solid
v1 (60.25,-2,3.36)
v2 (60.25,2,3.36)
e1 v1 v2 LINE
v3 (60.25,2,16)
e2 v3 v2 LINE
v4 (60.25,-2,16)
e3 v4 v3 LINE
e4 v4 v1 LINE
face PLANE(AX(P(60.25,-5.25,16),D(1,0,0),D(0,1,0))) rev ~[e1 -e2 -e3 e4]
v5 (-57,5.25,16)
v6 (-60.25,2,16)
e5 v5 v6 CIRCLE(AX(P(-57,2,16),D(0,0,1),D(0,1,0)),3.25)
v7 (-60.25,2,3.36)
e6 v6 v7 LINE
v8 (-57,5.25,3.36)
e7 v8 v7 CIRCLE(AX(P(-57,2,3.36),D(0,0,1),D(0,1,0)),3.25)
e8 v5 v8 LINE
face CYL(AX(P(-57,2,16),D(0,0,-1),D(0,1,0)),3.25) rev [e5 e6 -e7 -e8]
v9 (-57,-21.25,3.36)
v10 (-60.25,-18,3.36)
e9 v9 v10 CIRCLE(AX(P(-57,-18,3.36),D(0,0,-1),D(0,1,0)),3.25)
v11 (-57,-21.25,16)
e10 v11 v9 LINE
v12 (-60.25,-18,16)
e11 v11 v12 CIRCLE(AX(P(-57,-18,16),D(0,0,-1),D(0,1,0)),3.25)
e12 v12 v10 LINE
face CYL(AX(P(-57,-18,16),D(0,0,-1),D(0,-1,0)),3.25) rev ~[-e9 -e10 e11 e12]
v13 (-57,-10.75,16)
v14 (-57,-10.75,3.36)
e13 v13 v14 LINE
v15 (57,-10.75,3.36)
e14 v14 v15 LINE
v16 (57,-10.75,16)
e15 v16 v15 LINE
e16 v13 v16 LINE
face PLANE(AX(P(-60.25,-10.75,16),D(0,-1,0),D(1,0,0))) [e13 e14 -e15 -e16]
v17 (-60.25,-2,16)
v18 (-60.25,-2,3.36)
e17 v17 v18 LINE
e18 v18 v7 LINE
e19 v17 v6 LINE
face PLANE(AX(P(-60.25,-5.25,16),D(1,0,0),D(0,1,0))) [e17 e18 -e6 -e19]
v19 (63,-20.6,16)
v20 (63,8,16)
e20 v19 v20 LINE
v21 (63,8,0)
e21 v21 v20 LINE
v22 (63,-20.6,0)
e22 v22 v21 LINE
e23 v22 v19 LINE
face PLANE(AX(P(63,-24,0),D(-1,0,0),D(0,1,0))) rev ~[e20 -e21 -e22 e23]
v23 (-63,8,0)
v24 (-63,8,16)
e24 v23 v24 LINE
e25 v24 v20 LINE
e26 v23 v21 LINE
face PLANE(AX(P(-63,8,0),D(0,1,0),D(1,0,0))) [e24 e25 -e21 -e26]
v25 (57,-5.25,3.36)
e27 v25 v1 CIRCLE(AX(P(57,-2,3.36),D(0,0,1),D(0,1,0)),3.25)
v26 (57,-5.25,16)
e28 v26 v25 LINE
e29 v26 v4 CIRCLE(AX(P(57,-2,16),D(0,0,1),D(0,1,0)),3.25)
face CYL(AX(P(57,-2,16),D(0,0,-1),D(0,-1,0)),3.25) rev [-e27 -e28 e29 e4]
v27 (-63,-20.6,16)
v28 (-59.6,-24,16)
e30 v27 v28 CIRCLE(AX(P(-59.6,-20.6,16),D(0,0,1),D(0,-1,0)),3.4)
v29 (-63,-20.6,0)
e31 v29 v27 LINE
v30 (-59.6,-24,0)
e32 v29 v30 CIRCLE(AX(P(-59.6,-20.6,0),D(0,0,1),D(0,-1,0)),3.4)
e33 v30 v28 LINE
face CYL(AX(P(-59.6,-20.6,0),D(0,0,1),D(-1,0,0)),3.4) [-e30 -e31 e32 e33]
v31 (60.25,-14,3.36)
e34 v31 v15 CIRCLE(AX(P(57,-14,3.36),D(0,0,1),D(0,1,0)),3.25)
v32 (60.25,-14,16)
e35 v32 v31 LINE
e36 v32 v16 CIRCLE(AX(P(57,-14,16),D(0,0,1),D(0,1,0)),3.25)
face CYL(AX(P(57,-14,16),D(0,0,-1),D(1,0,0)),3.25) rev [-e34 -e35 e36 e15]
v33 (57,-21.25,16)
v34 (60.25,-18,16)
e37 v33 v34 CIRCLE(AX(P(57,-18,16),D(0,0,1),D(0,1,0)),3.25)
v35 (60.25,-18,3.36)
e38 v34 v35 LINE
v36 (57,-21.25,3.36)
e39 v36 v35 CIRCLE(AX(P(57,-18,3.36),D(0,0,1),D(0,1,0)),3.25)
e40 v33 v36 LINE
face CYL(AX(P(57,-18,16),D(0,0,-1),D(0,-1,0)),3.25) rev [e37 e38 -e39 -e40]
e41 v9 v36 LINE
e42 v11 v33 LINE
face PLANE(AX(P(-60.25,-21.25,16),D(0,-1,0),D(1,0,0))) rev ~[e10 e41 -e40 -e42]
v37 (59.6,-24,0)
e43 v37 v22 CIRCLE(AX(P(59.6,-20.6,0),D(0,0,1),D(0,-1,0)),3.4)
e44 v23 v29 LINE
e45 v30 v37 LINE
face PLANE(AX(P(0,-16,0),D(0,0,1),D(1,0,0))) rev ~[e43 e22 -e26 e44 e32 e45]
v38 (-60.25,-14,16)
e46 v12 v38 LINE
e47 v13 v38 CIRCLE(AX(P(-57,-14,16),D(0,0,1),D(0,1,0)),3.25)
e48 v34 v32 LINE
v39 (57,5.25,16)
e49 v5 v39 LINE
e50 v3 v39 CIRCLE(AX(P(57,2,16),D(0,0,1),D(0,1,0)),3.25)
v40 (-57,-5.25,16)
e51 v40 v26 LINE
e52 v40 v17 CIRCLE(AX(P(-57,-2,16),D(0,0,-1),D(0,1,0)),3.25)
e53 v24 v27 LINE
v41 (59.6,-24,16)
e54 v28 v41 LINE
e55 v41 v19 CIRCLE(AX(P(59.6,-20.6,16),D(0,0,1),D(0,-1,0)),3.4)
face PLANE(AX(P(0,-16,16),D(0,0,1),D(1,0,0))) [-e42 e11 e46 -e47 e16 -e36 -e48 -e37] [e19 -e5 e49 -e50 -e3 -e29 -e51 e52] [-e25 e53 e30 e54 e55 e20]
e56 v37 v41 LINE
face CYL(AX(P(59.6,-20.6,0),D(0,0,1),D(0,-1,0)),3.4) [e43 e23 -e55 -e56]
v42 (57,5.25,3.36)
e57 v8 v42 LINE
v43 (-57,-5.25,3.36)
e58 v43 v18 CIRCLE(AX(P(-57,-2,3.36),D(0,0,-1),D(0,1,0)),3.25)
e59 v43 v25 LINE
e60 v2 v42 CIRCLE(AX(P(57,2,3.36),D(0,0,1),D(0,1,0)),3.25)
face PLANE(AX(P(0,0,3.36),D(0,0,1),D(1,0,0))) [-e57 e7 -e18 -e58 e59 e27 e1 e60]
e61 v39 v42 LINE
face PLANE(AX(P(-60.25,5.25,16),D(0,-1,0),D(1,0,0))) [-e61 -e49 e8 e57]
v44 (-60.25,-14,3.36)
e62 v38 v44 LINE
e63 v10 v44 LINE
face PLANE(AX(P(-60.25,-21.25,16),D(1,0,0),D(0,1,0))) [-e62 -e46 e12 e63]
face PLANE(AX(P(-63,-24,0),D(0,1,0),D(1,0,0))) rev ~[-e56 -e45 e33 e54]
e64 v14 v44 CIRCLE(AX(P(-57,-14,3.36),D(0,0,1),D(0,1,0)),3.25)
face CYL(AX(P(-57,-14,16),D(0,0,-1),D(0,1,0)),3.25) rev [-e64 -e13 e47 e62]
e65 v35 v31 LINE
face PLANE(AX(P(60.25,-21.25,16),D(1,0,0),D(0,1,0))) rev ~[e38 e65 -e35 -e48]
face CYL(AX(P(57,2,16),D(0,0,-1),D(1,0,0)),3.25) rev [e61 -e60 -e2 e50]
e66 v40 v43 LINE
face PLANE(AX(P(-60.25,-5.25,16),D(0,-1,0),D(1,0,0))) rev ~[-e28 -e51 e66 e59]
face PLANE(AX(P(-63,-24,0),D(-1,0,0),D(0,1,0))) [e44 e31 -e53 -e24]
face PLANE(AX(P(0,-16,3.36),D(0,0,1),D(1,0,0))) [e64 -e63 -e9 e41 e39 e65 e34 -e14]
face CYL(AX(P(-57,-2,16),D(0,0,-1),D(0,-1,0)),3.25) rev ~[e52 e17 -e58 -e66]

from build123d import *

# Parameters (mm, degrees)
SKETCH002_W     = 126
SKETCH002_H     = 16
PAD001_DEPTH    = 16
SKETCH003_W     = 120.5
SKETCH003_H     = 10.5
POCKET001_DEPTH = 12.64
FILLET001_R     = 3.25
FILLET003_R     = 3.4


with BuildPart() as postolje:
    # Sketch002 → Pad001 (new body)
    with BuildSketch(Plane.XY):
        Rectangle(SKETCH002_W, SKETCH002_H)
    extrude(amount=PAD001_DEPTH)

    # Sketch003 (on DatumPlane) → Pocket001 (cut)
    with BuildSketch(Plane.XY.offset(16)):
        Rectangle(SKETCH003_W, SKETCH003_H)
    extrude(amount=-POCKET001_DEPTH, mode=Mode.SUBTRACT)

    # Fillet001
    fillet001_edges = [postolje.edges().sort_by_distance(p)[0] for p in [
        (-60.25, 5.25, 9.68),
        (-60.25, -5.25, 9.68),
        (60.25, -5.25, 9.68),
        (60.25, 5.25, 9.68),
    ]]
    fillet(fillet001_edges, radius=FILLET001_R)


with BuildPart() as fillet003:
    # Body001003 base: copy of Postolje
    add(postolje.part)


with BuildPart() as fillet003_1:
    # Body001003 placement: moved
    add(fillet003.part.moved(Location((0, -16, 0))))

    # Fillet003
    fillet003_edges = [fillet003_1.edges().sort_by_distance(p)[0] for p in [
        (-63, -24, 8),
        (63, -24, 8),
    ]]
    fillet(fillet003_edges, radius=FILLET003_R)


with BuildPart() as f_2_spojena_postolja:
    # Fusion base: copy of Postolje
    add(postolje.part)

    # Fusion: union Fillet003
    add(fillet003_1.part)


solid = f_2_spojena_postolja.part
